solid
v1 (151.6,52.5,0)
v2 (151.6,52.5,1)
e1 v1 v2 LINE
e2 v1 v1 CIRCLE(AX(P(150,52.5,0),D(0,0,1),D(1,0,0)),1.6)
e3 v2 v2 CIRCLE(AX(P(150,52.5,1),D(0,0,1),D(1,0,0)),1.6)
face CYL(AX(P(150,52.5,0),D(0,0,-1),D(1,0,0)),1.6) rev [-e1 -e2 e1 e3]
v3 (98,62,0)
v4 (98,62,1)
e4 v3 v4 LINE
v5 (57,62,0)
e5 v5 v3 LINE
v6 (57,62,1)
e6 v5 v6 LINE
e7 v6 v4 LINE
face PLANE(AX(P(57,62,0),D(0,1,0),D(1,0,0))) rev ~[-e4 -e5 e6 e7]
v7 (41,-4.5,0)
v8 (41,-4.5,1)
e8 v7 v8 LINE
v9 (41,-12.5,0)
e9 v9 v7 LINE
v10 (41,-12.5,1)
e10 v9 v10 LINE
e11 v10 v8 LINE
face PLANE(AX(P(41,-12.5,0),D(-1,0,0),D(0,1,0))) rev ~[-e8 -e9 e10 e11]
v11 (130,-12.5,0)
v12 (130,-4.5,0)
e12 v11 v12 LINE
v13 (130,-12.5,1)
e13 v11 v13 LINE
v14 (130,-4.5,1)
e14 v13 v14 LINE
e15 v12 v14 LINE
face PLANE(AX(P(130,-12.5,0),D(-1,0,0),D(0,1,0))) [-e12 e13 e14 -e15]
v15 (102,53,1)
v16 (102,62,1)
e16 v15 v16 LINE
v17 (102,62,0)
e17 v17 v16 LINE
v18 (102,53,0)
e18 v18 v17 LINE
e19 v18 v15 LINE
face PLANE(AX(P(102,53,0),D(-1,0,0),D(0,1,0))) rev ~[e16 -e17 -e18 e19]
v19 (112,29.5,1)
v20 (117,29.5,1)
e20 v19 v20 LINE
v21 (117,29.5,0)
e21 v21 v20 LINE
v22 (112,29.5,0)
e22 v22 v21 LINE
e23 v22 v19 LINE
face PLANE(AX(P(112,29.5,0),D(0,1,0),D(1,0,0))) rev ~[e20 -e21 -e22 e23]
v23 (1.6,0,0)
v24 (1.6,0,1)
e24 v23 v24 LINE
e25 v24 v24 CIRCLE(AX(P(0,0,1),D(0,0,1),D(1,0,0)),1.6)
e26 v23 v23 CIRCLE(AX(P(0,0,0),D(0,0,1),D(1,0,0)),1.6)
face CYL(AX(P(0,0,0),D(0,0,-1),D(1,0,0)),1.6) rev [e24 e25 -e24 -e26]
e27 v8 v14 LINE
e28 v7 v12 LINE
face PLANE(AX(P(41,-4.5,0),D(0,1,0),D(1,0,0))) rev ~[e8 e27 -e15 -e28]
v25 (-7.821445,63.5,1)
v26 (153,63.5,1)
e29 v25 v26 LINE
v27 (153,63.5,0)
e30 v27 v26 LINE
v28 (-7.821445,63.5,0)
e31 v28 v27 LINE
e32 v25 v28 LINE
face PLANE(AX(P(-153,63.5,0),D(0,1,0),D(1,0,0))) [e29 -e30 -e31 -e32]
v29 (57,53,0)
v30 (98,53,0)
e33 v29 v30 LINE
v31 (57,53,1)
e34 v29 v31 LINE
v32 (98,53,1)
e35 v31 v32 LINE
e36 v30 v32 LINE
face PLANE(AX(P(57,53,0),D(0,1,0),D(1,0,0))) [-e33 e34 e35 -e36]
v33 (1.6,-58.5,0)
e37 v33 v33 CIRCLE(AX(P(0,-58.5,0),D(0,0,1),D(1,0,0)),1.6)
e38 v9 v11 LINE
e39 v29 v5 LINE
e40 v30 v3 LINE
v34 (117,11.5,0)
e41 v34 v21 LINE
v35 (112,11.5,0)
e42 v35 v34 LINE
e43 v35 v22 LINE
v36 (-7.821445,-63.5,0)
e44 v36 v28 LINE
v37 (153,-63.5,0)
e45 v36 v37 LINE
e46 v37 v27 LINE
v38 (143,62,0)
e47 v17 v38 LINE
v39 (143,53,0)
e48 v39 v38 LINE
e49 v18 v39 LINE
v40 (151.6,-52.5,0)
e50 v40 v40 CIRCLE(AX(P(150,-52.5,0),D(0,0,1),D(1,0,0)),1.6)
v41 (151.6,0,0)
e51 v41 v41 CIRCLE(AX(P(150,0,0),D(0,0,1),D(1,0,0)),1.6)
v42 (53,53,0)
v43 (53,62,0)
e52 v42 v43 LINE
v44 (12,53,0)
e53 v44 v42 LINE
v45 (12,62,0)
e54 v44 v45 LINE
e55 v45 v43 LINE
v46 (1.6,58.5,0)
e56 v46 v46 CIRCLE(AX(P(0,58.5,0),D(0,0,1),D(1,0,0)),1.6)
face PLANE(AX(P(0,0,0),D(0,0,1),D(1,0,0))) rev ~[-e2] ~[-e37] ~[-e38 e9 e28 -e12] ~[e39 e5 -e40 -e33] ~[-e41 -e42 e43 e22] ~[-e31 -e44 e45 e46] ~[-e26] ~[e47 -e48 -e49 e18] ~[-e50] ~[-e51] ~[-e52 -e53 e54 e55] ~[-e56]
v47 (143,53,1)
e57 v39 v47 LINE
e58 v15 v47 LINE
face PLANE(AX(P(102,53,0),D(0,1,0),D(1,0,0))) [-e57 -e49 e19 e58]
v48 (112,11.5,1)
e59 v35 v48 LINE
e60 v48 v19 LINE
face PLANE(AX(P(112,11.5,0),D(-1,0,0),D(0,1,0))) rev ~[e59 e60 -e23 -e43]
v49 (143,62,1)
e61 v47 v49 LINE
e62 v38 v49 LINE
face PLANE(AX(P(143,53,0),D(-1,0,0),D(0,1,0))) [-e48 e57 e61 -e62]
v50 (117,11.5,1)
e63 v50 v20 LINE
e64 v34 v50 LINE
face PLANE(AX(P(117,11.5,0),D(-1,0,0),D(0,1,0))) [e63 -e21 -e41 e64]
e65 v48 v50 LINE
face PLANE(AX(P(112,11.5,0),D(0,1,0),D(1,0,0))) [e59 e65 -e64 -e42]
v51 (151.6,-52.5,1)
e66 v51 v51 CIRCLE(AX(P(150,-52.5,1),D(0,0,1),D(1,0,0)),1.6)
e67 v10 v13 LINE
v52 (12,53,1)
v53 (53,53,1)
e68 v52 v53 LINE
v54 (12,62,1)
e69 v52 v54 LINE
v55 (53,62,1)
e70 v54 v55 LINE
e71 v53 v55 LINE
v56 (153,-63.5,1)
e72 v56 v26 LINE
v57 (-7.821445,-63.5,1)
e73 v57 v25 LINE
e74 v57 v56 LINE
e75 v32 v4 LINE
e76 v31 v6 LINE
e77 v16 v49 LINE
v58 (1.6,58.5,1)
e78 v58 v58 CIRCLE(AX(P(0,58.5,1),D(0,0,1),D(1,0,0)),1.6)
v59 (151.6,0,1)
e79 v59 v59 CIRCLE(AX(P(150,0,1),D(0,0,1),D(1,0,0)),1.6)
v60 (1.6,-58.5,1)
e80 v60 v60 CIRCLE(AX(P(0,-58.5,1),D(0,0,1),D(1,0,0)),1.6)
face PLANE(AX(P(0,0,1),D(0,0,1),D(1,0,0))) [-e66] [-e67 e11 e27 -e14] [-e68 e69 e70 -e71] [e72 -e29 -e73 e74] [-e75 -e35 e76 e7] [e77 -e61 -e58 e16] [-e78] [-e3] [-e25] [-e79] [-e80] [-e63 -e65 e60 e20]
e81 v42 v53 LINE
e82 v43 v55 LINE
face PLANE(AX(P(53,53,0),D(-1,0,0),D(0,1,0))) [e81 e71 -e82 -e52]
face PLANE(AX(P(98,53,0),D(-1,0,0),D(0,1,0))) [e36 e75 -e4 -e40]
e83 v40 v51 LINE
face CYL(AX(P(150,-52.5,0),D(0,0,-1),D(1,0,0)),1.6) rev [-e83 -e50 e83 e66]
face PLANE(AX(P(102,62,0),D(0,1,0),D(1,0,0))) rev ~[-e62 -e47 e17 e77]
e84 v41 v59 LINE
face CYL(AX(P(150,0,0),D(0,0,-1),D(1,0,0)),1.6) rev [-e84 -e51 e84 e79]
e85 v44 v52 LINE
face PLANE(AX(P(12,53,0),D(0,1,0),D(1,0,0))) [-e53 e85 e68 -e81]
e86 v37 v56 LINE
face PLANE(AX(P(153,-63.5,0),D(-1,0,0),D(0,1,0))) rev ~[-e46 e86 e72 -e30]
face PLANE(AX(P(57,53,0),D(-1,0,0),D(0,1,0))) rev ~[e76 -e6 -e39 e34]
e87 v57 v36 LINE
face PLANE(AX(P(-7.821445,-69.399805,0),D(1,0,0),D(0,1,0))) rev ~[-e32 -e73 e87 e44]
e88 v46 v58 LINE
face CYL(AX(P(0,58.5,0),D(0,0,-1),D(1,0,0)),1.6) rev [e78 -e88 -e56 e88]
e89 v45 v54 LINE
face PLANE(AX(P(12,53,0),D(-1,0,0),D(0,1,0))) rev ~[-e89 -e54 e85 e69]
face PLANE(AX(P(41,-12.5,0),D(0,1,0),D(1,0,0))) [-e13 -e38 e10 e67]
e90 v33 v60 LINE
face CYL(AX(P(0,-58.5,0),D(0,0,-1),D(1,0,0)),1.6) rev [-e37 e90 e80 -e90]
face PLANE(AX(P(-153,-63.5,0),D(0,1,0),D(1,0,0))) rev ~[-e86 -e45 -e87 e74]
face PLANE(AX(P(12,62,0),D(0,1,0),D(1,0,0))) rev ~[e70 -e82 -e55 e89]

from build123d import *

# Parameters (mm, degrees)
F0_W     = 306
F0_H     = 127
F0_R     = 1.6
F0_W_2   = 89
F0_H_2   = 8
F0_W_3   = 11
F0_H_3   = 35
F0_W_4   = 54
F0_H_4   = 14
F0_W_5   = 32
F0_W_6   = 16.6
F0_H_5   = 17.1
F0_W_7   = 5
F0_H_6   = 18
F0_W_8   = 41
F0_H_7   = 9
F1_DEPTH = 1
F2_W     = 148.235004
F2_H     = 139.296211
F3_DEPTH = 12.5


with BuildPart() as f1:
    # F0 (on Top) → F1 (new body)
    with BuildSketch(Plane.XY):
        Rectangle(F0_W, F0_H)
        with Locations((-150, -52.5)):
            Circle(F0_R, mode=Mode.SUBTRACT)
        with Locations((0, -58.5)):
            Circle(F0_R, mode=Mode.SUBTRACT)
        with Locations((150, -52.5)):
            Circle(F0_R, mode=Mode.SUBTRACT)
        with Locations((85.5, -8.5)):
            Rectangle(F0_W_2, F0_H_2, mode=Mode.SUBTRACT)
        with Locations((-150, 0)):
            Circle(F0_R, mode=Mode.SUBTRACT)
        with Locations((-140, 25.5)):
            Rectangle(F0_W_3, F0_H_3, mode=Mode.SUBTRACT)
        with Locations((-150, 52.5)):
            Circle(F0_R, mode=Mode.SUBTRACT)
        with Locations((-119, 55)):
            Rectangle(F0_W_4, F0_H_4, mode=Mode.SUBTRACT)
        with Locations((-75, 55)):
            Rectangle(F0_W_5, F0_H_4, mode=Mode.SUBTRACT)
        with Locations((-19.5, 52.65)):
            Rectangle(F0_W_6, F0_H_5, mode=Mode.SUBTRACT)
        Circle(F0_R, mode=Mode.SUBTRACT)
        with Locations((150, 0)):
            Circle(F0_R, mode=Mode.SUBTRACT)
        with Locations((114.5, 20.5)):
            Rectangle(F0_W_7, F0_H_6, mode=Mode.SUBTRACT)
        with Locations((0, 58.5)):
            Circle(F0_R, mode=Mode.SUBTRACT)
        with Locations((32.5, 57.5)):
            Rectangle(F0_W_8, F0_H_7, mode=Mode.SUBTRACT)
        with Locations((77.5, 57.5)):
            Rectangle(F0_W_8, F0_H_7, mode=Mode.SUBTRACT)
        with Locations((150, 52.5)):
            Circle(F0_R, mode=Mode.SUBTRACT)
        with Locations((122.5, 57.5)):
            Rectangle(F0_W_8, F0_H_7, mode=Mode.SUBTRACT)
    extrude(amount=F1_DEPTH)

    # F2 (on Top) → F3 (cut, symmetric)
    with BuildSketch(Plane.XY):
        with Locations((-81.938947, 0.248301)):
            Rectangle(F2_W, F2_H)
    extrude(amount=F3_DEPTH, both=True, mode=Mode.SUBTRACT)


solid = f1.part
